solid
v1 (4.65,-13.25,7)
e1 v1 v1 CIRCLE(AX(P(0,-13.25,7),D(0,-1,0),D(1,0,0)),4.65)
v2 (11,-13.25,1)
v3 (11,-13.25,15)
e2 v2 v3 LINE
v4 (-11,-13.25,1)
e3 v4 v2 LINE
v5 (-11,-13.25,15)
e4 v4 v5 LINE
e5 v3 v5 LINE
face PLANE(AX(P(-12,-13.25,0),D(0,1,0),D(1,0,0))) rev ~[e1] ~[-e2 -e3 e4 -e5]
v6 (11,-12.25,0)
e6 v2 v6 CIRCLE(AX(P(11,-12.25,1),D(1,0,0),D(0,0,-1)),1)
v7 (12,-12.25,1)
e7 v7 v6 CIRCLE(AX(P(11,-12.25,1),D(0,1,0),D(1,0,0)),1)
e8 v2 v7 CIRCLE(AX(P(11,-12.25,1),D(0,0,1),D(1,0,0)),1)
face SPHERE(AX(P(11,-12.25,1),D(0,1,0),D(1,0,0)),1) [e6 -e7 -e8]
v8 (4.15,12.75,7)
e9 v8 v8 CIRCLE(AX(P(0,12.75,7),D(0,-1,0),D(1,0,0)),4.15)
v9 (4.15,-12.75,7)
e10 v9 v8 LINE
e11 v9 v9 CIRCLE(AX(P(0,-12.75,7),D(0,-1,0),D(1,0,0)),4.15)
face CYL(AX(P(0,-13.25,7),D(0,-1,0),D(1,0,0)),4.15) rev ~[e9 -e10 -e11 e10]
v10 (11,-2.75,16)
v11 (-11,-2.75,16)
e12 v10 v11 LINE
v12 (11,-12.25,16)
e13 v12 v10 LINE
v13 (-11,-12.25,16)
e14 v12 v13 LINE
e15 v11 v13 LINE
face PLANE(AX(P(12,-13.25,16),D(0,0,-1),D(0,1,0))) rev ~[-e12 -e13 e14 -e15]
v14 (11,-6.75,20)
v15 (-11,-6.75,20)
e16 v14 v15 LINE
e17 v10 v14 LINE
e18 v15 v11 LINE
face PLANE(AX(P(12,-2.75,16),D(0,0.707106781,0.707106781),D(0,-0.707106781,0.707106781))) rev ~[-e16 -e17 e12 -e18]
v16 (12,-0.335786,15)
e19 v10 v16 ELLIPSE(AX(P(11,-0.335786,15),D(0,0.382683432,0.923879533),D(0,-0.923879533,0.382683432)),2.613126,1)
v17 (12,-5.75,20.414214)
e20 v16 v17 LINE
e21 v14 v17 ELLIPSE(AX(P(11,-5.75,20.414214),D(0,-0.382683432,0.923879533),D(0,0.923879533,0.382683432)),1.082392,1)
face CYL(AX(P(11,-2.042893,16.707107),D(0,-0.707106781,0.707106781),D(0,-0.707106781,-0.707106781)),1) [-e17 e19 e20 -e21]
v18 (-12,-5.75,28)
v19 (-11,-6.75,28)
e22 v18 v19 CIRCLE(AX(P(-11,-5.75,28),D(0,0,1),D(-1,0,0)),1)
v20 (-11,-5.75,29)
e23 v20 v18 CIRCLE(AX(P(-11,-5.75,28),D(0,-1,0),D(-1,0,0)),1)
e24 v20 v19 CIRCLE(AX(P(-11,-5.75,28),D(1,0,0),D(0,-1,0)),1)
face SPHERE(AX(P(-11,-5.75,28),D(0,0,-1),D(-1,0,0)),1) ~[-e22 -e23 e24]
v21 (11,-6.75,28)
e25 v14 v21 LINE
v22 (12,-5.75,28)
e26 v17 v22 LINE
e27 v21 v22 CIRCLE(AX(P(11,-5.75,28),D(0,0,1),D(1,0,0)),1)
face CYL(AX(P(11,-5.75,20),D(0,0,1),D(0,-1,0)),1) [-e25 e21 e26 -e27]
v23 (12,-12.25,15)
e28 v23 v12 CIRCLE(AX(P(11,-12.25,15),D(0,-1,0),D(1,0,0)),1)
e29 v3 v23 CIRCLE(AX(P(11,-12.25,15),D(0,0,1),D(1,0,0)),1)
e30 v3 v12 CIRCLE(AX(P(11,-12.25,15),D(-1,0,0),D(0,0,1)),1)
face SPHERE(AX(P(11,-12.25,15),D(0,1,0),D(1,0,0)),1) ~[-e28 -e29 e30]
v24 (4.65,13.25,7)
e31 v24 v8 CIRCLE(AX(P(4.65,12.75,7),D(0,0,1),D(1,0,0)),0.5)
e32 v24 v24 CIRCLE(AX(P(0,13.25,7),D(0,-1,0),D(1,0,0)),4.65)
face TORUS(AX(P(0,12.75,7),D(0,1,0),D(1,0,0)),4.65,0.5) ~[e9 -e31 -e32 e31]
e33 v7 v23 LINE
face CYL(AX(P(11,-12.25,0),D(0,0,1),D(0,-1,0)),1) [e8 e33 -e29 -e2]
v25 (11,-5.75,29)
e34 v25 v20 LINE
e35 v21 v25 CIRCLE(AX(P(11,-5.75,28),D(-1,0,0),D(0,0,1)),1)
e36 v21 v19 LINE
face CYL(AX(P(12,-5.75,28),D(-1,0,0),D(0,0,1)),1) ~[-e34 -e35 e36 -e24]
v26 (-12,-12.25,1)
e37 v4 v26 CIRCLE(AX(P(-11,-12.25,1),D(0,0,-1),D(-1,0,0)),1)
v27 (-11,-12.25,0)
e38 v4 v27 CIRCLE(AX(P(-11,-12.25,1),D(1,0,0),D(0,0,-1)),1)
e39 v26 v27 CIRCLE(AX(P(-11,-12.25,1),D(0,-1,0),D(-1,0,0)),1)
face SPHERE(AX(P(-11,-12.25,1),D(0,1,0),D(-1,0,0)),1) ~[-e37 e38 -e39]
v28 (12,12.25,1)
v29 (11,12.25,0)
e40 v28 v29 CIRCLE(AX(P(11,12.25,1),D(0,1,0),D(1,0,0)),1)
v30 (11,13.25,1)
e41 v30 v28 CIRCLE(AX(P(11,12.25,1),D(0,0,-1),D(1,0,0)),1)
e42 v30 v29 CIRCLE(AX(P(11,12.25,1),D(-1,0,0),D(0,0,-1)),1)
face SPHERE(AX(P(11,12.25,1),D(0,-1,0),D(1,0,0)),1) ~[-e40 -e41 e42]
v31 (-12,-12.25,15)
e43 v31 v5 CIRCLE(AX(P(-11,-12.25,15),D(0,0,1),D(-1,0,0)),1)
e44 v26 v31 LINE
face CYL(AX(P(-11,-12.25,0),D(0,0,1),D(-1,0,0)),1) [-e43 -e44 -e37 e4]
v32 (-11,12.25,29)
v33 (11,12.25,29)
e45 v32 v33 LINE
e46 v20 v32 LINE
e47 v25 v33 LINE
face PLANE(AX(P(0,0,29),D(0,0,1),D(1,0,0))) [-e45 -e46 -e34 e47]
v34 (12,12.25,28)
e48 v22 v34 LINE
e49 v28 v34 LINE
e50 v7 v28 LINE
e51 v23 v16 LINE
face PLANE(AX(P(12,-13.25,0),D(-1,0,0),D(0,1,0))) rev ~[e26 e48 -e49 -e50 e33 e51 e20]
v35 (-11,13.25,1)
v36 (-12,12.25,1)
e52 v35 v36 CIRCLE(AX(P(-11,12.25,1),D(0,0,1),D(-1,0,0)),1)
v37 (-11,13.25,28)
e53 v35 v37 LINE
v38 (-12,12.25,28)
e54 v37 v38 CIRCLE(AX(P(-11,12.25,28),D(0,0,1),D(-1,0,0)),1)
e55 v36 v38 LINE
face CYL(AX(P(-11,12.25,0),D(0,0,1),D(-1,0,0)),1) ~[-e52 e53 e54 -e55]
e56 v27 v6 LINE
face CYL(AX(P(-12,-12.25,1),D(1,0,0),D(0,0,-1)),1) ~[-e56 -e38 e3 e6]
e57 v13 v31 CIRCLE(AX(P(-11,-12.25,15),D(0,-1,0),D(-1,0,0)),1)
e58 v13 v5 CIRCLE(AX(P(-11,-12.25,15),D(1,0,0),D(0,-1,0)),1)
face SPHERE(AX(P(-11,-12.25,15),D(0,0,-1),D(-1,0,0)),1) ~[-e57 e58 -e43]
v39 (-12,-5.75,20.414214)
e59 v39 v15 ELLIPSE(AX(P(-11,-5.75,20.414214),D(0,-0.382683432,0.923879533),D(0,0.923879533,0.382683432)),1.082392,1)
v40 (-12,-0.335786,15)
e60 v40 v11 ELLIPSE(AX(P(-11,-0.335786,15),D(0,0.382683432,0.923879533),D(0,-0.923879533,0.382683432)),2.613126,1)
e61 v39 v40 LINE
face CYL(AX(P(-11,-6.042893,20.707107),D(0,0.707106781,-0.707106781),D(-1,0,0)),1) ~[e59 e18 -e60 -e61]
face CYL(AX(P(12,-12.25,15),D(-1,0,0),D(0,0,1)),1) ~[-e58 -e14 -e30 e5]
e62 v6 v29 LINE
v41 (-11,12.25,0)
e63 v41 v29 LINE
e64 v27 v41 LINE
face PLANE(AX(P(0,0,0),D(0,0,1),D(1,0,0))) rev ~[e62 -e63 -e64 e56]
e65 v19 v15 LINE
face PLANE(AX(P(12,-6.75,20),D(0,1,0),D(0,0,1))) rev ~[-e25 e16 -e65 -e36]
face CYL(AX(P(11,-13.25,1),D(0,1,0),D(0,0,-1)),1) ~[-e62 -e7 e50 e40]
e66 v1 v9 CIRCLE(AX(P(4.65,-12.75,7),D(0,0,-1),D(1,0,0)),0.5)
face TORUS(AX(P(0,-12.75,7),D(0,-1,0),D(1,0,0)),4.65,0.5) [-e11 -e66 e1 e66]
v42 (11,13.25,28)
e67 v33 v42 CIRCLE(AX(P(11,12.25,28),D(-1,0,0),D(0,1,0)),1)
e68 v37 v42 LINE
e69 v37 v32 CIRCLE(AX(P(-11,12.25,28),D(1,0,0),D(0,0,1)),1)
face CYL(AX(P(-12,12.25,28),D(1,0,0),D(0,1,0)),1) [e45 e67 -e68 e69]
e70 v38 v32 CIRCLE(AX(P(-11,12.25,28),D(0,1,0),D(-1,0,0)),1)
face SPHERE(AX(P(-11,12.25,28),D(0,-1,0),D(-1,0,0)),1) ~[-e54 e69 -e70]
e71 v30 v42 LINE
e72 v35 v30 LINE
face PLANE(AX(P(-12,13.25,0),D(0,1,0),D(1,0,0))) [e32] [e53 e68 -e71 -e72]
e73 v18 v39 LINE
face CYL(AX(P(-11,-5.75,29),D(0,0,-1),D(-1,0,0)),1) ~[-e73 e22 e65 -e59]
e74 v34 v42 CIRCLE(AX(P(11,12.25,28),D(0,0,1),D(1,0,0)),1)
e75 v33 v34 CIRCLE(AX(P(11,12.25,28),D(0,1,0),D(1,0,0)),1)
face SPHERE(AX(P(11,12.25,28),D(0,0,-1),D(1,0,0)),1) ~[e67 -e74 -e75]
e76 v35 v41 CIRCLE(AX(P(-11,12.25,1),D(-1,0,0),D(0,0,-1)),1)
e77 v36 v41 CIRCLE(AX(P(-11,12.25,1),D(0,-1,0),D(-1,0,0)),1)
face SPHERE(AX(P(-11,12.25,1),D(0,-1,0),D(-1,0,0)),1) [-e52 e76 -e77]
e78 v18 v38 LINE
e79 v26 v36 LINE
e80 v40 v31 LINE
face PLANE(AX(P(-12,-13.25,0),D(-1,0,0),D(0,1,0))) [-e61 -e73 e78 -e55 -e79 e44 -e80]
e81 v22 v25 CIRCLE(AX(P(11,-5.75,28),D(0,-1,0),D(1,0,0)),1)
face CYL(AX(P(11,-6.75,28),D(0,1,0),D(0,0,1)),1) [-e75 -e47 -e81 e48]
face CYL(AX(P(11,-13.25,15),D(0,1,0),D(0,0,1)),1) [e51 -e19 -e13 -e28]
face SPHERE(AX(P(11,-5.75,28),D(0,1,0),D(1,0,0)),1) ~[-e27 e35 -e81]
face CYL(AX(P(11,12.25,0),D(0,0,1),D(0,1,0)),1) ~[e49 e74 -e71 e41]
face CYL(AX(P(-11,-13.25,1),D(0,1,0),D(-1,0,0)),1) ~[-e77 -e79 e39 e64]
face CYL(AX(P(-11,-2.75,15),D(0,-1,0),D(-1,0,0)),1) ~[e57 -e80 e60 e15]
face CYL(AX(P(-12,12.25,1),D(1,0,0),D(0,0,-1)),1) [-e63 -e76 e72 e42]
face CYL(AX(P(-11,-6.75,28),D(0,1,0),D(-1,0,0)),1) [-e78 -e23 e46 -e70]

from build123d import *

# Parameters (mm, degrees)
F0_W     = 24
F0_H     = 26.5
F1_DEPTH = 29
F3_DEPTH = 25
F4_R     = 4.15
F5_DEPTH = 31
F6_R     = 1
F7_R     = 0.5


with BuildPart() as f1:
    # F0 (on Top) → F1 (new body)
    with BuildSketch(Plane.XY):
        Rectangle(F0_W, F0_H)
    extrude(amount=F1_DEPTH)

    # F2 (on face) → F3 (cut)
    with BuildSketch(Plane.YZ.offset(12)):
        Polygon((-6.75, 20), (-6.75, 29), (-13.25, 29), (-13.25, 16), (-2.75, 16), align=None)
    extrude(amount=-F3_DEPTH, mode=Mode.SUBTRACT)

    # F4 (on face) → F5 (cut)
    with BuildSketch(Plane.XZ.offset(13.25)):
        with Locations((0, 7)):
            Circle(F4_R)
    extrude(amount=-F5_DEPTH, mode=Mode.SUBTRACT)

    # F6
    f6_edges = [f1.edges().sort_by_distance(p)[0] for p in [
        (12, 0, 0),
        (12, 13.25, 14.5),
        (12, 3.25, 29),
        (12, -6.75, 24.5),
        (12, -4.75, 18),
        (12, -8, 16),
        (12, -13.25, 8),
        (-12, 0, 0),
        (-12, -13.25, 8),
        (-12, -8, 16),
        (-12, -4.75, 18),
        (-12, -6.75, 24.5),
        (-12, 3.25, 29),
        (-12, 13.25, 14.5),
        (0, -6.75, 29),
        (0, 13.25, 29),
        (0, 13.25, 0),
        (0, -13.25, 0),
        (0, -13.25, 16),
    ]]
    fillet(f6_edges, radius=F6_R)

    # F7
    f7_edges = [f1.edges().sort_by_distance(p)[0] for p in [
        (-4.15, 13.25, 7),
        (-4.15, -13.25, 7),
    ]]
    fillet(f7_edges, radius=F7_R)


solid = f1.part
